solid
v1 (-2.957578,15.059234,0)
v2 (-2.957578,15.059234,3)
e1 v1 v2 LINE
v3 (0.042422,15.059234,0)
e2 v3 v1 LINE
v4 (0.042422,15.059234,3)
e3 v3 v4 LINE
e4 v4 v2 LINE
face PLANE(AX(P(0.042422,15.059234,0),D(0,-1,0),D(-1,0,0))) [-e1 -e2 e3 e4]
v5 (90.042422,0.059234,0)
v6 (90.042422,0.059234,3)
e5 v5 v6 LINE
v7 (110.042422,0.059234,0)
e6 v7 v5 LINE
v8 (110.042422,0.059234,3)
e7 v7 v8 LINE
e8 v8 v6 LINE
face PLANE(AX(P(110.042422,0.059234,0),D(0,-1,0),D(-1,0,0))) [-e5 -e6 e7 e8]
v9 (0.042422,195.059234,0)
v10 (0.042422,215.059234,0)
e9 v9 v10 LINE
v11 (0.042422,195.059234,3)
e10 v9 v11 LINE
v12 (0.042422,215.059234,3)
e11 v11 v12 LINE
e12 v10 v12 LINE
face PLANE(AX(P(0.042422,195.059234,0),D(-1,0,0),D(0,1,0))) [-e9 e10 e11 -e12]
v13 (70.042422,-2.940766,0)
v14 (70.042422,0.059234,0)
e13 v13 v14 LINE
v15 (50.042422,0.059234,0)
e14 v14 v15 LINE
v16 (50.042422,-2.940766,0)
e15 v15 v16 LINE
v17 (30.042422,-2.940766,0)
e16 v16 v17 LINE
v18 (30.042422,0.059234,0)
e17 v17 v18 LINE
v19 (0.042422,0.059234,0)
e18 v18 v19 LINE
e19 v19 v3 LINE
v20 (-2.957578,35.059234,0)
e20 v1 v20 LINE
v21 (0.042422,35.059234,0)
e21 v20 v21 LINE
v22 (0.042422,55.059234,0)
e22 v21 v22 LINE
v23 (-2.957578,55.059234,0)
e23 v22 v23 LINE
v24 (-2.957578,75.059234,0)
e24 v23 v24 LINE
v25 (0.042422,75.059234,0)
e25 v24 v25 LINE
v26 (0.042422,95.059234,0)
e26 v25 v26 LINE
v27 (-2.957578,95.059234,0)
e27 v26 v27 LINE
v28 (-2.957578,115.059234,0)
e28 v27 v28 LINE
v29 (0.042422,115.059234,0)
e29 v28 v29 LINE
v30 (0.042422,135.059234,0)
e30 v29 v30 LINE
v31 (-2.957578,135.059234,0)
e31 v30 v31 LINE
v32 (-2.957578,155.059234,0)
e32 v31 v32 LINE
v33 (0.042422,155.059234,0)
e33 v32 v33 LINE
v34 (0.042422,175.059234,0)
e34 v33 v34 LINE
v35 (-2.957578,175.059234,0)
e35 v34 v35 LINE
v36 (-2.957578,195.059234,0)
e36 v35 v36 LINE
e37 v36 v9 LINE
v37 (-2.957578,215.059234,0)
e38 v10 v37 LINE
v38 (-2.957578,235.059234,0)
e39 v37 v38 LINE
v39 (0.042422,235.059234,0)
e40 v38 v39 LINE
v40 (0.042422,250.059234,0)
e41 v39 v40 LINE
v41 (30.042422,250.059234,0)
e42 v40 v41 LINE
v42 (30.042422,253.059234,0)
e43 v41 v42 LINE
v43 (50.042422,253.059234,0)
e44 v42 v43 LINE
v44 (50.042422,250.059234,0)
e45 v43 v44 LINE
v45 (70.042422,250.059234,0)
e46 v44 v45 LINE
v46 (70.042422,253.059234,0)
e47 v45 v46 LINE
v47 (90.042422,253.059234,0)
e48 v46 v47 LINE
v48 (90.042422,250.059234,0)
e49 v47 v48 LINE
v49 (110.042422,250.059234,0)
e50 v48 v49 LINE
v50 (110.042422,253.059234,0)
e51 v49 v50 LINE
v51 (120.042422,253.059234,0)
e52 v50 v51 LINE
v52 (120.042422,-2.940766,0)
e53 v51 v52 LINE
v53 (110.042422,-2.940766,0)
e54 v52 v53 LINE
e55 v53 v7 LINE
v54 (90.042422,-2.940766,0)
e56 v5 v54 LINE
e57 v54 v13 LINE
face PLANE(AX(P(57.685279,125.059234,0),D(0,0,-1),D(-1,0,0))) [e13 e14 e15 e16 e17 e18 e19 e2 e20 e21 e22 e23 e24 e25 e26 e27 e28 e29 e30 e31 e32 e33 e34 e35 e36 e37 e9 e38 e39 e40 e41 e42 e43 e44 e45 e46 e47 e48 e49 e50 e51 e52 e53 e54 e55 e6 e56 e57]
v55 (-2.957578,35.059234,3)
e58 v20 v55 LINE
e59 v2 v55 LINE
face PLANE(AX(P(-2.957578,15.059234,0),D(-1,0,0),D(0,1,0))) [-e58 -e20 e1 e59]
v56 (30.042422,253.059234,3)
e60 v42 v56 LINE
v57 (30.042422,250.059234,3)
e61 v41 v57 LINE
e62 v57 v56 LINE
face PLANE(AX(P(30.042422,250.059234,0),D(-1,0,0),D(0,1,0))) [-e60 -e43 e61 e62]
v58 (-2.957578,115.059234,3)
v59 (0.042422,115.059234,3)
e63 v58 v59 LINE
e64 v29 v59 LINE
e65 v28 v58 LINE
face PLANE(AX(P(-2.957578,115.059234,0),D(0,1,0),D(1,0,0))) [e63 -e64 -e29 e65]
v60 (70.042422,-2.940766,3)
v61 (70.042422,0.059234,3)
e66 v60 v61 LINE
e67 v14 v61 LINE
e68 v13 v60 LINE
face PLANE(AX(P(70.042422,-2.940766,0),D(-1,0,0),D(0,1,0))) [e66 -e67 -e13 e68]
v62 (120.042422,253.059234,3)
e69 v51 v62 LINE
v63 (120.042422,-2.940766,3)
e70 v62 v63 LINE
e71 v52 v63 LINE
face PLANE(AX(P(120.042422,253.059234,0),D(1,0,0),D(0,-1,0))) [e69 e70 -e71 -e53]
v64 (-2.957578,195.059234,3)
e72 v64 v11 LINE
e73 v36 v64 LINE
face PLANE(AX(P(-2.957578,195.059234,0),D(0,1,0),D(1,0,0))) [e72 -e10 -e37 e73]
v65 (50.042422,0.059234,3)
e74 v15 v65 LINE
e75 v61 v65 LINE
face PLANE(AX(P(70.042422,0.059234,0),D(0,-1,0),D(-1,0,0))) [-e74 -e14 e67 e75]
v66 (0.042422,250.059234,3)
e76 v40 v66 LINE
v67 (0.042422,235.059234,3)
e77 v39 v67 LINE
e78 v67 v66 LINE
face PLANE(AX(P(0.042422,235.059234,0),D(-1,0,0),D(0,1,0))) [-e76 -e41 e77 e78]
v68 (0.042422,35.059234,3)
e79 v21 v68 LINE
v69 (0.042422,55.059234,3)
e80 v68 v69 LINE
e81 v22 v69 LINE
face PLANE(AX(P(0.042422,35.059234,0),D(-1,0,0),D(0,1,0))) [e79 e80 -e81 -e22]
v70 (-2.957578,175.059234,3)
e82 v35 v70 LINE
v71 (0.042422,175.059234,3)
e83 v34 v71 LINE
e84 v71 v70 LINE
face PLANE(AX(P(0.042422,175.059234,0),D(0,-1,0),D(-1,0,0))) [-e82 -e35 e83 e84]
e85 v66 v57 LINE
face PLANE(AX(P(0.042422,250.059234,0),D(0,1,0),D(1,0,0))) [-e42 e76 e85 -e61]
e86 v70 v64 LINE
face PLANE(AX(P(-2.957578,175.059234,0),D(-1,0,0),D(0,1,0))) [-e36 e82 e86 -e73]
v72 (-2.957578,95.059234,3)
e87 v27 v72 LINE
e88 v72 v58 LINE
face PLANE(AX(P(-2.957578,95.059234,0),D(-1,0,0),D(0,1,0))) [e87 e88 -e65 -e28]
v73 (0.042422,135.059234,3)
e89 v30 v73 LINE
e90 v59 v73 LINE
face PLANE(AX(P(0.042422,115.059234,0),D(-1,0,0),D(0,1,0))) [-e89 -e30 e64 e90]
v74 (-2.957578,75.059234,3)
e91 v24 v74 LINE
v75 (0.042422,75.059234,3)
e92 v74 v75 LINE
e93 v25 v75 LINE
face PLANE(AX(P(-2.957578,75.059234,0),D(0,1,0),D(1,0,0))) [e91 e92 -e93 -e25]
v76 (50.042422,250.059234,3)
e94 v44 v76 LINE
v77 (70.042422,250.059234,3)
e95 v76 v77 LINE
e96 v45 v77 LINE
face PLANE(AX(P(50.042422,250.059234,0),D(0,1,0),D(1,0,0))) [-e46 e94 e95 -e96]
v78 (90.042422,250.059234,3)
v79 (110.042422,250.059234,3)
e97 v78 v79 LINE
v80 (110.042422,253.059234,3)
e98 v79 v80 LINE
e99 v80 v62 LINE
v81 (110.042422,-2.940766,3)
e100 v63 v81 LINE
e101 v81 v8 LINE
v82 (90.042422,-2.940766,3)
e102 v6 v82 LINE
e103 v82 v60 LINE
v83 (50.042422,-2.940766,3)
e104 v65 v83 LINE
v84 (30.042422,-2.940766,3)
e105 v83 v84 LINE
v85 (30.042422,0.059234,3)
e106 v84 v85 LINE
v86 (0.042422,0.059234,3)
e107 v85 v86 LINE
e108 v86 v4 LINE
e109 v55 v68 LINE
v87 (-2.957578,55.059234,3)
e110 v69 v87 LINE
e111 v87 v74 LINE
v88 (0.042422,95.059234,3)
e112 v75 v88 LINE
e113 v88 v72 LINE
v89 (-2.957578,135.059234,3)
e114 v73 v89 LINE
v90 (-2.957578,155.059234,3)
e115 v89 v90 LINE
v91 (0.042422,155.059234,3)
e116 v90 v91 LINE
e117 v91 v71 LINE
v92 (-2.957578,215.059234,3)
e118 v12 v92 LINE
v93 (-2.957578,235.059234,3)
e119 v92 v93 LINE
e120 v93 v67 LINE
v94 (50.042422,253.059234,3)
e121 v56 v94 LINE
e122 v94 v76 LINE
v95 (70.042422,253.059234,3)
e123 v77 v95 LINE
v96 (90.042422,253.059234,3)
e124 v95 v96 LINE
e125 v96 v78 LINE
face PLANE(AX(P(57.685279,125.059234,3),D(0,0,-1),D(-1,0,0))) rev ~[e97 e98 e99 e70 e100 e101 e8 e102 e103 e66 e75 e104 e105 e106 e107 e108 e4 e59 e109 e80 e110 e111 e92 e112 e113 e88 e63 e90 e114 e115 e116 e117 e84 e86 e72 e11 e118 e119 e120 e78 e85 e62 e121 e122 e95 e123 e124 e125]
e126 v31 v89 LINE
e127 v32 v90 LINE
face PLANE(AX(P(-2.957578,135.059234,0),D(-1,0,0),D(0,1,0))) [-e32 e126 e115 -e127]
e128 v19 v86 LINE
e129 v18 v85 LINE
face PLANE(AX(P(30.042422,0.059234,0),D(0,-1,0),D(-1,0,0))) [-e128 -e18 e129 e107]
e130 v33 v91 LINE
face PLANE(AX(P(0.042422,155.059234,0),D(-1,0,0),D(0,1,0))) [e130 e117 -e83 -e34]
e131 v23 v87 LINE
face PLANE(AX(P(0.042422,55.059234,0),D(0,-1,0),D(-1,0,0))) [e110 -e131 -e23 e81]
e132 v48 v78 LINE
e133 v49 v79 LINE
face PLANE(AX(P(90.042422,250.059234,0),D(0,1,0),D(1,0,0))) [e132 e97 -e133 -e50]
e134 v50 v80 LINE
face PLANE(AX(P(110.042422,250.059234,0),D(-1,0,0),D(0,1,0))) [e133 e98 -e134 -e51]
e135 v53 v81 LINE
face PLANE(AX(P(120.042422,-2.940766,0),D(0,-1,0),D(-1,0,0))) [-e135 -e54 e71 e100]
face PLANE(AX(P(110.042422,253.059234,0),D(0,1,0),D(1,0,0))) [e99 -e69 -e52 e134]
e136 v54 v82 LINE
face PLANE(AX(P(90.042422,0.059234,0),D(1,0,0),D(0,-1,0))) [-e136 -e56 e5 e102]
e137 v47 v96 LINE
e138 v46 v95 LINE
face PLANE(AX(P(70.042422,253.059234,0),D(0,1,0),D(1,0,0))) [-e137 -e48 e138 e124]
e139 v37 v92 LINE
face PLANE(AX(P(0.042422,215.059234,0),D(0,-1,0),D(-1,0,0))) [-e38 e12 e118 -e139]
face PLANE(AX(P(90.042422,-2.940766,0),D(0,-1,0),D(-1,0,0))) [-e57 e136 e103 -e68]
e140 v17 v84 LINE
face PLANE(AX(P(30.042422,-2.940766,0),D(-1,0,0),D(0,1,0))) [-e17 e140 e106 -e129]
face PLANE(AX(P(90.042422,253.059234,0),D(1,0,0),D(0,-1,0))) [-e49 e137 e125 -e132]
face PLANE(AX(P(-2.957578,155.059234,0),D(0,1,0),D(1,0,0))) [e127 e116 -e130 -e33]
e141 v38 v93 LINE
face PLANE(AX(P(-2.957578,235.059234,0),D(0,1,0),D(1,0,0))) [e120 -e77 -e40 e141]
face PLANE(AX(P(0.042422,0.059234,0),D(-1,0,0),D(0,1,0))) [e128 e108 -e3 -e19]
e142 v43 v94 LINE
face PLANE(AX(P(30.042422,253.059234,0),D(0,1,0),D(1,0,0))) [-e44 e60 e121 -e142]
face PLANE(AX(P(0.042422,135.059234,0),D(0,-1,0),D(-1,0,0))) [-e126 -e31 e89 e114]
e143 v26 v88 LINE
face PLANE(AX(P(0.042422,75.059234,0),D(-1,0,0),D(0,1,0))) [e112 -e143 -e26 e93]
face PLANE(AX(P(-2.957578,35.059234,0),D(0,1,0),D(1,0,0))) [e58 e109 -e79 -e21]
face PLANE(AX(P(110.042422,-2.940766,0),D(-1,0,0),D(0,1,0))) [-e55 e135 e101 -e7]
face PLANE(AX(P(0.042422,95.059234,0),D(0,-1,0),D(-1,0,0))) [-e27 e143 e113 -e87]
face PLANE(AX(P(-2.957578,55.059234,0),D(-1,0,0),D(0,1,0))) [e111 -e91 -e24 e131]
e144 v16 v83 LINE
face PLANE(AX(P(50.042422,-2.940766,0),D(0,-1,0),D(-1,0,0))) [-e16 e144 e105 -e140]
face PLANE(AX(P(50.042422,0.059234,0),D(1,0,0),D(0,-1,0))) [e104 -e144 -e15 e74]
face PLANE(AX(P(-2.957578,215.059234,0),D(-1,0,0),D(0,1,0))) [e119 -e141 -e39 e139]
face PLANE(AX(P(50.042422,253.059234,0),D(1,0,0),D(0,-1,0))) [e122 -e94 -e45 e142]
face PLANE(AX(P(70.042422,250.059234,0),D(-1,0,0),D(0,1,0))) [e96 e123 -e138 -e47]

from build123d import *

# Parameters (mm, degrees)
BOSS_EXTRUDE1_DEPTH = 3


with BuildPart() as part:
    # Sketch2 → Boss-Extrude1 (new body)
    with BuildSketch(Plane.XY):
        Polygon((-2.957577841, 75.05923357), (0.042422159, 75.05923357), (0.042422159, 95.05923357), (-2.957577841, 95.05923357), (-2.957577841, 115.05923357), (0.042422159, 115.05923357), (0.042422159, 135.05923357), (-2.957577841, 135.05923357), (-2.957577841, 155.05923357), (0.042422159, 155.05923357), (0.042422159, 175.05923357), (-2.957577841, 175.05923357), (-2.957577841, 195.05923357), (0.042422159, 195.05923357), (0.042422159, 215.05923357), (-2.957577841, 215.05923357), (-2.957577841, 235.05923357), (0.042422159, 235.05923357), (0.042422159, 250.05923357), (30.042422159, 250.05923357), (30.042422159, 253.05923357), (50.042422159, 253.05923357), (50.042422159, 250.05923357), (70.042422159, 250.05923357), (70.042422159, 253.05923357), (90.042422159, 253.05923357), (90.042422159, 250.05923357), (110.042422159, 250.05923357), (110.042422159, 253.05923357), (120.042422159, 253.05923357), (120.042422159, -2.94076643), (110.042422159, -2.94076643), (110.042422159, 0.05923357), (90.042422159, 0.05923357), (90.042422159, -2.94076643), (70.042422159, -2.94076643), (70.042422159, 0.05923357), (50.042422159, 0.05923357), (50.042422159, -2.94076643), (30.042422159, -2.94076643), (30.042422159, 0.05923357), (0.042422159, 0.05923357), (0.042422159, 15.05923357), (-2.957577841, 15.05923357), (-2.957577841, 35.05923357), (0.042422159, 35.05923357), (0.042422159, 55.05923357), (-2.957577841, 55.05923357), align=None)
    extrude(amount=BOSS_EXTRUDE1_DEPTH)


solid = part.part
